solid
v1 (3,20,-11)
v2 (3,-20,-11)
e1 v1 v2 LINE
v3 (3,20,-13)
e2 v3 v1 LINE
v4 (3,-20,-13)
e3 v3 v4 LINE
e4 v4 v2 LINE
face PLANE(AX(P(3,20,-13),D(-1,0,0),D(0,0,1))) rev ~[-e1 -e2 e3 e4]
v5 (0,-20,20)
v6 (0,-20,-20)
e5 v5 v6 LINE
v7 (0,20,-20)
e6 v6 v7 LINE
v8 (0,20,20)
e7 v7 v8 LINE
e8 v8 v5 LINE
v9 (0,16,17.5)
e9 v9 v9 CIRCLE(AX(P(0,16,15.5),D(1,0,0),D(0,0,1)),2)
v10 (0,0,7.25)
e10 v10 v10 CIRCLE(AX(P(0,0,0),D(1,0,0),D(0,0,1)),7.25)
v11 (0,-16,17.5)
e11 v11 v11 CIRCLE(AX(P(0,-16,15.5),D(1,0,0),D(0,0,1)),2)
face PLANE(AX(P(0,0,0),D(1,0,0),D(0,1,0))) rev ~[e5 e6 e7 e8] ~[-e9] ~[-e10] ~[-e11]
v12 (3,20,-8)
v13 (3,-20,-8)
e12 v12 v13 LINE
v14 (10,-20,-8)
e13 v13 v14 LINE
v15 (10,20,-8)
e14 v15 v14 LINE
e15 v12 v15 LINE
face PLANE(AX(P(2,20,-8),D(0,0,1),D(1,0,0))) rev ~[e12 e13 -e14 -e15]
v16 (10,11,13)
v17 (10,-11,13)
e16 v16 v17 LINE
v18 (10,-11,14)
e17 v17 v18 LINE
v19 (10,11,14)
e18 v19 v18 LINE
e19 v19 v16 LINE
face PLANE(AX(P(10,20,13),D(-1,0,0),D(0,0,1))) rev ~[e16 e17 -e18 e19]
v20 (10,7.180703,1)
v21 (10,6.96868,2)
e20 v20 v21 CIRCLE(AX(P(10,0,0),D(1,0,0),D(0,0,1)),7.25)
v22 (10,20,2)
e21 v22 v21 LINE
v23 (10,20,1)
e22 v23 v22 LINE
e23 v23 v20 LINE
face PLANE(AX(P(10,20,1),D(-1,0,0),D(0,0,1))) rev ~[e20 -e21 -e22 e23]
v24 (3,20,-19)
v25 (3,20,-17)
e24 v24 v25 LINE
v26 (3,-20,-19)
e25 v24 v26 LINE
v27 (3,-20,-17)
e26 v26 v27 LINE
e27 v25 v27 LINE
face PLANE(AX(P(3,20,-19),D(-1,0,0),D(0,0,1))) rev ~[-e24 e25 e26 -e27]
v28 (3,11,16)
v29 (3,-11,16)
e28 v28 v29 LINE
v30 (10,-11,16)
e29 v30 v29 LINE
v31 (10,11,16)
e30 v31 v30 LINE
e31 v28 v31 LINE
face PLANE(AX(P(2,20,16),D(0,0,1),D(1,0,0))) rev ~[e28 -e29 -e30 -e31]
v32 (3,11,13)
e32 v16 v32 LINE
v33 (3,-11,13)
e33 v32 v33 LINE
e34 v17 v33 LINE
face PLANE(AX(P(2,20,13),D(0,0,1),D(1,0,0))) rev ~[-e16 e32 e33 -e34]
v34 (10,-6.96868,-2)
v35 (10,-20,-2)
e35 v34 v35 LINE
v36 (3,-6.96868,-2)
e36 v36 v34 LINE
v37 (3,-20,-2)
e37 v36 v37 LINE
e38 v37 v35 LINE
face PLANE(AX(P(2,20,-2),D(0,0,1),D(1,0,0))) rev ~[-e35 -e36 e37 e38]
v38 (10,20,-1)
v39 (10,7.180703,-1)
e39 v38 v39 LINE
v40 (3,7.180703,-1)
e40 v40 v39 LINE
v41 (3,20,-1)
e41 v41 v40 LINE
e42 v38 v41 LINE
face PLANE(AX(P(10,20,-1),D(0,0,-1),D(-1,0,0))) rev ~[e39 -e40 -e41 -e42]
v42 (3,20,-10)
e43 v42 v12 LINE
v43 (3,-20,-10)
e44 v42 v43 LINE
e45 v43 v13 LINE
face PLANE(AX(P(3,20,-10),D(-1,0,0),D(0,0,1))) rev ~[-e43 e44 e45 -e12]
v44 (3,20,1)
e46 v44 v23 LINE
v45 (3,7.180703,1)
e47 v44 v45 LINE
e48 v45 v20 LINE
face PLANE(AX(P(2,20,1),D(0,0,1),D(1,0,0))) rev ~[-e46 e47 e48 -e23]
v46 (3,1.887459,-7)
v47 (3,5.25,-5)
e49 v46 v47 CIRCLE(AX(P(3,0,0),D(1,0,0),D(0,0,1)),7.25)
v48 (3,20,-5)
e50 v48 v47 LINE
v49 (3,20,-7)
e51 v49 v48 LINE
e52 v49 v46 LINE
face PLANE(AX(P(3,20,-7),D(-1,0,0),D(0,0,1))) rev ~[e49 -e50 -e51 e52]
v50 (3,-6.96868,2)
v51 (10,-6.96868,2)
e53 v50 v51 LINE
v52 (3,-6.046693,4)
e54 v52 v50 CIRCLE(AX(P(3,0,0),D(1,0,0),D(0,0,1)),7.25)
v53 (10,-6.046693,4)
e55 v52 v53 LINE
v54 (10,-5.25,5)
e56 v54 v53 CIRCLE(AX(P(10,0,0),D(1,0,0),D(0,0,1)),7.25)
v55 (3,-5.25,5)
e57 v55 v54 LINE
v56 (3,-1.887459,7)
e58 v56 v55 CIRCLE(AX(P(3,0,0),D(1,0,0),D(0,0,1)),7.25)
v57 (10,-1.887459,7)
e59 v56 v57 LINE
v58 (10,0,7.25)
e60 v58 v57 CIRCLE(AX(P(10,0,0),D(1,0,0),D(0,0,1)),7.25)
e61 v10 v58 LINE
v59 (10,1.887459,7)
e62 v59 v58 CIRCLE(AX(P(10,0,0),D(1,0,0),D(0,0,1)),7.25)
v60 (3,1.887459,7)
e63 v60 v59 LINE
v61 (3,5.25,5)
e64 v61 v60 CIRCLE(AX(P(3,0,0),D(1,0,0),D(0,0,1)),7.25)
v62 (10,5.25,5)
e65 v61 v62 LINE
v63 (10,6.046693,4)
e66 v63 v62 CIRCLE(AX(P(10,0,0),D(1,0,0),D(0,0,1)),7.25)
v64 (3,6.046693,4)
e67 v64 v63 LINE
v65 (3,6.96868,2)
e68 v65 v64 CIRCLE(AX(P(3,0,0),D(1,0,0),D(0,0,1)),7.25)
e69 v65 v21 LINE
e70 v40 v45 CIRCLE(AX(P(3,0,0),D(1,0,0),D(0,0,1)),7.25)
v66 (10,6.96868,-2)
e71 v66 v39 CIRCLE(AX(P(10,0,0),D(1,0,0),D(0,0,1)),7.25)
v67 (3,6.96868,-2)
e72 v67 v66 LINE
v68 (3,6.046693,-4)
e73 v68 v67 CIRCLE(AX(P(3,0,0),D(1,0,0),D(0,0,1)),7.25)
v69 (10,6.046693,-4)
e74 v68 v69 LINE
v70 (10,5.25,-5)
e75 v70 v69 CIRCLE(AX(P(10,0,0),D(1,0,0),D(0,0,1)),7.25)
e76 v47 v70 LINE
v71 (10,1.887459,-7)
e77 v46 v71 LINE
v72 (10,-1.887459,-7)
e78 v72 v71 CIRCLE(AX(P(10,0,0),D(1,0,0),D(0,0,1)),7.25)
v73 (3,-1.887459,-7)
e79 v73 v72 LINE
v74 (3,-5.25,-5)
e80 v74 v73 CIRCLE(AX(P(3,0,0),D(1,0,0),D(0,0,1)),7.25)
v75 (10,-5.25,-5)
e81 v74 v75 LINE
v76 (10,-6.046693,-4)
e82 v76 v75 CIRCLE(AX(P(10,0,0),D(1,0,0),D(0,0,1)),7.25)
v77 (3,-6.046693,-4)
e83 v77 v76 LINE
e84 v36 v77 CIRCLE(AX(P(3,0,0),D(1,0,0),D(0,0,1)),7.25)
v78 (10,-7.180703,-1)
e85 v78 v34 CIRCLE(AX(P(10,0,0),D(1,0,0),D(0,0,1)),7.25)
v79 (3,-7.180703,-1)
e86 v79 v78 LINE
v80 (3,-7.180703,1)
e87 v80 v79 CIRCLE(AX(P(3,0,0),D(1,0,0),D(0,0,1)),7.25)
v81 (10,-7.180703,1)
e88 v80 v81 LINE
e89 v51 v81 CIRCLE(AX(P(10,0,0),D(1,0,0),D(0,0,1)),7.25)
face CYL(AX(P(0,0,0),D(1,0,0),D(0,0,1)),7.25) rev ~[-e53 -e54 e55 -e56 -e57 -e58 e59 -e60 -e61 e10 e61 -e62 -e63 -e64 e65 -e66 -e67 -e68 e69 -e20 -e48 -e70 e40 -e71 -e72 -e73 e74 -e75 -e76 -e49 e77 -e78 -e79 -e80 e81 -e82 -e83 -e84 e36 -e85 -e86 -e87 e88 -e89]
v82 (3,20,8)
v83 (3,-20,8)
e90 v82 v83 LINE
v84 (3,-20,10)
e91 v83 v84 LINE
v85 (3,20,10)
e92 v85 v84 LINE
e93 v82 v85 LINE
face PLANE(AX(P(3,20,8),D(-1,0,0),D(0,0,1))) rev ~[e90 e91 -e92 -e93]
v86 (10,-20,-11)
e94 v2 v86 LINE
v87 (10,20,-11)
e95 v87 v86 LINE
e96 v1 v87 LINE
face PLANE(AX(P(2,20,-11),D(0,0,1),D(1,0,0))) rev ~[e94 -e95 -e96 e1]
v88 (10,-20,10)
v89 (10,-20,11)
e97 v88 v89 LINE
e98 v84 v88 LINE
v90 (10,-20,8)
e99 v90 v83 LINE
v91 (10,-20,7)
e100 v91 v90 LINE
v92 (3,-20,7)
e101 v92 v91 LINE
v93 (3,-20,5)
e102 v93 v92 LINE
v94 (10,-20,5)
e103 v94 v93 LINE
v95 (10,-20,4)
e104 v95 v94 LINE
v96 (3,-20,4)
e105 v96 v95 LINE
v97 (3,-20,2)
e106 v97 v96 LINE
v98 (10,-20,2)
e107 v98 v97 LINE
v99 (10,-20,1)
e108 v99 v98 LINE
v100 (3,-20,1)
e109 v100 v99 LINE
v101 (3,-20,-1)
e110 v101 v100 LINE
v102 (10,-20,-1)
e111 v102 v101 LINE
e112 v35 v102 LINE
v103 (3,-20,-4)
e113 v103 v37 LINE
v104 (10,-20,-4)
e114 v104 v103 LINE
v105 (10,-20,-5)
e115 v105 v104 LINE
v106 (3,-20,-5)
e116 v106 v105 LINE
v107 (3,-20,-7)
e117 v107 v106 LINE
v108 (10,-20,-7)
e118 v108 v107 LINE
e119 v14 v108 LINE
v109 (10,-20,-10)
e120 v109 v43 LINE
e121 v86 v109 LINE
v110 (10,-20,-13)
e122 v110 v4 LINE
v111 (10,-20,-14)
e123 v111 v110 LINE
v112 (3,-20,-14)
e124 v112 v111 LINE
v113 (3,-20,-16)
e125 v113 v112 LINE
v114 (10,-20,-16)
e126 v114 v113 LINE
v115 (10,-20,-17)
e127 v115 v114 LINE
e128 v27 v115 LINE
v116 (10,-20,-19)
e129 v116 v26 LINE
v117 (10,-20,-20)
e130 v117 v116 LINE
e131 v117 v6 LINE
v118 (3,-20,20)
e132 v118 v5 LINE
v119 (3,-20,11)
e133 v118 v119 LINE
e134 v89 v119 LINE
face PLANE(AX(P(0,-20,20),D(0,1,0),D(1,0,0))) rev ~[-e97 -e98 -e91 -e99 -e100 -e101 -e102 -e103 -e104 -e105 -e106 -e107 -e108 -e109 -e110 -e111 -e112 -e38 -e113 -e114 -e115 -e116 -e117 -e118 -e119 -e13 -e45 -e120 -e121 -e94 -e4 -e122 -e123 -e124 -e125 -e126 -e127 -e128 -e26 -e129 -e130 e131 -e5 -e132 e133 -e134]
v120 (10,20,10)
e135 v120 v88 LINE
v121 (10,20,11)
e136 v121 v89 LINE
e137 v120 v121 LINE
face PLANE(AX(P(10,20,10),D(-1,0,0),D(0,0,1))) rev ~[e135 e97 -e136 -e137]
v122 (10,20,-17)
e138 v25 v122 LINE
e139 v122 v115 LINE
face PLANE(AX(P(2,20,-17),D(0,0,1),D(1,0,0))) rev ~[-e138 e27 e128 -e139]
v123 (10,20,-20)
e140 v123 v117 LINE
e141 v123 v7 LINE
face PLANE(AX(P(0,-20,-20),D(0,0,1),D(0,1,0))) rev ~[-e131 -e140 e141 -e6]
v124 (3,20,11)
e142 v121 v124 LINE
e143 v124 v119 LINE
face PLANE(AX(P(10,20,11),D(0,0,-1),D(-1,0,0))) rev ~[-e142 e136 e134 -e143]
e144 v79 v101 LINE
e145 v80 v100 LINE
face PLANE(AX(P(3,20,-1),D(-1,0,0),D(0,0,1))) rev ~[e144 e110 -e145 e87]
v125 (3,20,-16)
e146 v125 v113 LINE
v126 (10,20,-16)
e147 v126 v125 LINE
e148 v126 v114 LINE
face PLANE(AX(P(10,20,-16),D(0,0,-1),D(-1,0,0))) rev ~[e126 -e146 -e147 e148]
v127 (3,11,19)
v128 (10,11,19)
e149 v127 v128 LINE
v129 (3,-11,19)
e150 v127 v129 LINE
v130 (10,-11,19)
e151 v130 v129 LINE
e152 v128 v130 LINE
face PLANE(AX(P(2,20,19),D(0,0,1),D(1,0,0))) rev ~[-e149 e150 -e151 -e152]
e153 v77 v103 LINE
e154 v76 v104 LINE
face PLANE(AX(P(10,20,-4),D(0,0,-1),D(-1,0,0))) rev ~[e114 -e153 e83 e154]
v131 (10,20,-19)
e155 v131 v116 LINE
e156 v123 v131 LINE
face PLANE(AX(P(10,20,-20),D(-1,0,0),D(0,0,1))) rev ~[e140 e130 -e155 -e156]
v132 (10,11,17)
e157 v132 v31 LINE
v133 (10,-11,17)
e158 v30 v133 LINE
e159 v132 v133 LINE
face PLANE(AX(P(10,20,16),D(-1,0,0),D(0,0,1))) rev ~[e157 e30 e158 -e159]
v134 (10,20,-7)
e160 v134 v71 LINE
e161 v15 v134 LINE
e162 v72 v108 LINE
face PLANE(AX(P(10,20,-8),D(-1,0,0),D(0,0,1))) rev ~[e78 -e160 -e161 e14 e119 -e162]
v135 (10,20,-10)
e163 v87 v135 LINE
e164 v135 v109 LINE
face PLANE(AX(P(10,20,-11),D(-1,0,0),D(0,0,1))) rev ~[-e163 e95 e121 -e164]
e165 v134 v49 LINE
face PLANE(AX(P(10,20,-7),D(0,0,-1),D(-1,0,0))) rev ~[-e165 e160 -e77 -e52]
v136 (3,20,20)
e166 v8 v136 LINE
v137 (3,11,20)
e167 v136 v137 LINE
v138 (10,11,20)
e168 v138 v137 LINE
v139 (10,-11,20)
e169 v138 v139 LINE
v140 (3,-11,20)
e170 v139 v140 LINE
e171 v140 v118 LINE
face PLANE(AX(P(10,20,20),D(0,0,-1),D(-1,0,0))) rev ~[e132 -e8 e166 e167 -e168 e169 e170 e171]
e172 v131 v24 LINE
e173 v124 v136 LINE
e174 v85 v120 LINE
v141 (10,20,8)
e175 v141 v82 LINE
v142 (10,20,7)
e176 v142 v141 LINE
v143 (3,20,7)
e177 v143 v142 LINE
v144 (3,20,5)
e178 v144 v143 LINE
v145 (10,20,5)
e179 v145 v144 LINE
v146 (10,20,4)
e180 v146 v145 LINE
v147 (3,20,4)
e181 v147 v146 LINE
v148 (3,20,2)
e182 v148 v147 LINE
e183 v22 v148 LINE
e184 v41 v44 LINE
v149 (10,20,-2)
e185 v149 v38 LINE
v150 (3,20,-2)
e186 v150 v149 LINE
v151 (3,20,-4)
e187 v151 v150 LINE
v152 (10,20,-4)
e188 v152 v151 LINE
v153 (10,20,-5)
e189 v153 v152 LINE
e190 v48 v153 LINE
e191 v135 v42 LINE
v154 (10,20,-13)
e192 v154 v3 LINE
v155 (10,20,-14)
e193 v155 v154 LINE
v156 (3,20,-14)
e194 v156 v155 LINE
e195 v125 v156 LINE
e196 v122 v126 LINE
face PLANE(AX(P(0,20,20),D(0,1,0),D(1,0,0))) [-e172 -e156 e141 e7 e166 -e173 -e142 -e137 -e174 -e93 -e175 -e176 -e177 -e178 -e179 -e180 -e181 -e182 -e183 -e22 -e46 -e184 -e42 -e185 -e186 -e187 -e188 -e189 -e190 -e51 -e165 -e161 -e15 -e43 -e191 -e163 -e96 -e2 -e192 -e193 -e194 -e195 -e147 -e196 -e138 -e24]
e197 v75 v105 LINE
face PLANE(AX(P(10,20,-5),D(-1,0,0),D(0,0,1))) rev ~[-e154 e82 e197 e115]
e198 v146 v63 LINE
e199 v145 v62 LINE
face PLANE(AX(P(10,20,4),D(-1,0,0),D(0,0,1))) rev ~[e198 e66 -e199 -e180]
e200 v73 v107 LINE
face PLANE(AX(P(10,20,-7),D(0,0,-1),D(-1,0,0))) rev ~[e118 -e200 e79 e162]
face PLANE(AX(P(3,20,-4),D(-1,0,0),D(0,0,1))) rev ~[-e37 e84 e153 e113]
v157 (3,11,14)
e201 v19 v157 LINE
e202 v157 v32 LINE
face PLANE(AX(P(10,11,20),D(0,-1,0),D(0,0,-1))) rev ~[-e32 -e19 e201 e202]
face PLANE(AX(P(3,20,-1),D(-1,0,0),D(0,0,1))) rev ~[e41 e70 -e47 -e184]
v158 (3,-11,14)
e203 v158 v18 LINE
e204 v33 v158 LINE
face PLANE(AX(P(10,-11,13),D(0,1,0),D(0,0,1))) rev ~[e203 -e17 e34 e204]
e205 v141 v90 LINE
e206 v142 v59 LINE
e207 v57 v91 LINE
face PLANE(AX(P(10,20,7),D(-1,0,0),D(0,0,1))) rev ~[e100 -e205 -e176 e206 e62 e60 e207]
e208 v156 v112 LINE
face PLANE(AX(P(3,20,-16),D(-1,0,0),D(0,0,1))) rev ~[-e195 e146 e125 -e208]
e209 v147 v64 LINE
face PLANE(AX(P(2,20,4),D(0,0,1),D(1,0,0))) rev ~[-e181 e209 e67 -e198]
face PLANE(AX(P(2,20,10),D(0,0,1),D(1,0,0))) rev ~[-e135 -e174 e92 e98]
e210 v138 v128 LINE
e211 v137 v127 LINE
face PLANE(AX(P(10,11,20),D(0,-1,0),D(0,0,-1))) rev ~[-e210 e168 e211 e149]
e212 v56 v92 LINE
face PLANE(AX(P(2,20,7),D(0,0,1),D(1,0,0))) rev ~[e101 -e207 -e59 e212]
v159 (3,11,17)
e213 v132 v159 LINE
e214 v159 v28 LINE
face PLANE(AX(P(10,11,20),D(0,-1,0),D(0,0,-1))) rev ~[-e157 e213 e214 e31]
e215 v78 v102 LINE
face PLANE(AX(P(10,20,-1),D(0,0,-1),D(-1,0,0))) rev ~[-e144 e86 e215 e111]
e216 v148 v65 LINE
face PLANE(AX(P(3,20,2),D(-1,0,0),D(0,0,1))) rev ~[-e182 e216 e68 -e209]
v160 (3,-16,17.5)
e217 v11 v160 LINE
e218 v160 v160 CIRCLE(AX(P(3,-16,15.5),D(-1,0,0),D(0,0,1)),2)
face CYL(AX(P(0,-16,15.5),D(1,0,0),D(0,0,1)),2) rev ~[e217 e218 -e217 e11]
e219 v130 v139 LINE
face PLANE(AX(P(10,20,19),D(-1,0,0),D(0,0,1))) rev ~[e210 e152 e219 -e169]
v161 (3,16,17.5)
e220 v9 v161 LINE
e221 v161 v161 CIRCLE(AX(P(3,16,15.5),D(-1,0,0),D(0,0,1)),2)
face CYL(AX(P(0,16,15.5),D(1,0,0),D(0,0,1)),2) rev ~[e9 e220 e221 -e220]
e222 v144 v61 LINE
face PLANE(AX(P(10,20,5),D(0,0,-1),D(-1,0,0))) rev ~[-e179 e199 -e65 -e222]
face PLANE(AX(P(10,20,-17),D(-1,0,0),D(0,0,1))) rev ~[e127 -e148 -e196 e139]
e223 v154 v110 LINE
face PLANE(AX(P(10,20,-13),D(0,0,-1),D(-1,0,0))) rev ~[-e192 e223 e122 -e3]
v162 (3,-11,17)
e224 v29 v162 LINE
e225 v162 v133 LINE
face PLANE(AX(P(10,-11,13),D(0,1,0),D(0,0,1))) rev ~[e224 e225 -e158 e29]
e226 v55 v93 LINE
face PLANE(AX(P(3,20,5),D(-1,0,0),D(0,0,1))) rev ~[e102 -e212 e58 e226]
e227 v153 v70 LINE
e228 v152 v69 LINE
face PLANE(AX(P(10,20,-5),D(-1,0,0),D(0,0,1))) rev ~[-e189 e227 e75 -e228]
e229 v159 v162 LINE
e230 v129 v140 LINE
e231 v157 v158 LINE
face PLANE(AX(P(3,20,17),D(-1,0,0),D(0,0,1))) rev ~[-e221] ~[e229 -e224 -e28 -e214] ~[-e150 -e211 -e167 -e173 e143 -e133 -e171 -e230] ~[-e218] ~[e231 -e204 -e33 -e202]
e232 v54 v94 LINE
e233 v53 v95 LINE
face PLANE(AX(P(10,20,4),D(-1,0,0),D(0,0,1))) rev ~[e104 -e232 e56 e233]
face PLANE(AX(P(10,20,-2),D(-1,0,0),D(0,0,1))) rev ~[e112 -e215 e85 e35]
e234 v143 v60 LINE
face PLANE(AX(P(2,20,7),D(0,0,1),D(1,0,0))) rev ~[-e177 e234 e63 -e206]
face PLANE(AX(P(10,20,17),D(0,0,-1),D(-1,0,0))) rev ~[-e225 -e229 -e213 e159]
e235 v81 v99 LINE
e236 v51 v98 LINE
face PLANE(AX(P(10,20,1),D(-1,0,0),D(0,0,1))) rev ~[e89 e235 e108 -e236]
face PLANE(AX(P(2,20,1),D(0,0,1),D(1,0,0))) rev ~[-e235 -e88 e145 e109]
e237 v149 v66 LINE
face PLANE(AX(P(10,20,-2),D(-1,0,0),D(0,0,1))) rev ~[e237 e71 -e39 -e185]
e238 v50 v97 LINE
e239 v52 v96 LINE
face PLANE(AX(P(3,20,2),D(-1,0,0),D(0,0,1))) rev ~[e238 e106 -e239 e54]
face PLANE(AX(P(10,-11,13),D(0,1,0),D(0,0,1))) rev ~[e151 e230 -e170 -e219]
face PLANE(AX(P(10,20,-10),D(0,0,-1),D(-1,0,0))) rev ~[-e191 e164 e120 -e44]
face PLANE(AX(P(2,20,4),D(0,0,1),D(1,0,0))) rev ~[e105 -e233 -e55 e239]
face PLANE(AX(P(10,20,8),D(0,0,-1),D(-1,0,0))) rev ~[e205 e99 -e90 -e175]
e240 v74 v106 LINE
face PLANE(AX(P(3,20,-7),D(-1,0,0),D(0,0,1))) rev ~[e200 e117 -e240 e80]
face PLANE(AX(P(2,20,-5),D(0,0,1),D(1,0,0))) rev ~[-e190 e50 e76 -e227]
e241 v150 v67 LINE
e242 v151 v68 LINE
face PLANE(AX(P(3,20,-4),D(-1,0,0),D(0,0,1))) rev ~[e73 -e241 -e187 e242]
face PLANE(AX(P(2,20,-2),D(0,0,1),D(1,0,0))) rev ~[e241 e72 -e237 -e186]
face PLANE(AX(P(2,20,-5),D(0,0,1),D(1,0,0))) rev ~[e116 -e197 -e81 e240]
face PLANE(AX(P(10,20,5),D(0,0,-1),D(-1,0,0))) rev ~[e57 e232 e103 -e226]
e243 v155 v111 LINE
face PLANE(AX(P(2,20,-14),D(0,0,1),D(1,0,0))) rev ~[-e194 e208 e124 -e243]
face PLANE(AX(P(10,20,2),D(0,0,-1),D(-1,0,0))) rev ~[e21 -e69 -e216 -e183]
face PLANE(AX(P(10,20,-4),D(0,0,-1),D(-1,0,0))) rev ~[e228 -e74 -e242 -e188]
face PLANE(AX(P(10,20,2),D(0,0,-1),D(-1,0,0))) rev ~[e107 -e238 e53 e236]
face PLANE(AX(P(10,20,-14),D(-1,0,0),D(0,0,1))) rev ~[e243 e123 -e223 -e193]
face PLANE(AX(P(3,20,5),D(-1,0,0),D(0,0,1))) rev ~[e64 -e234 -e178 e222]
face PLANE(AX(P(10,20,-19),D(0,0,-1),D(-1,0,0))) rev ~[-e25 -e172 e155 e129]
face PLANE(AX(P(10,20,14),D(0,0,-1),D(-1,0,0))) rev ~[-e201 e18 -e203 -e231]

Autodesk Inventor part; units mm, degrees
ref_plane "YZ Plane" through (0, 0, 0) normal (1, 0, 0) x (0, 1, 0)
ref_plane "XZ Plane" through (0, 0, 0) normal (0, 1, 0) x (-1, 0, 0)
ref_plane "XY Plane" through (0, 0, 0) normal (0, 0, 1) x (1, 0, 0)
sketch "Szkic1" plane through (0, 0, 0) normal (1, 0, 0) x (0, 1, 0)
  line L0 (20, 20) -> (-20, 20)
  line L1 (-20, 20) -> (-20, -20)
  line L2 (-20, -20) -> (20, -20)
  line L3 (20, -20) -> (20, 20)
  line L4 (20, 0) -> (0, 0) construction
  line L5 (0, 0) -> (0, -20) construction
  dimension "d0" = 40
  dimension "d1" = 40
extrude "Wyciągnięcie proste1" add sketch "Szkic1" along normal blind 2
sketch "Szkic4" plane through (0, 20, 20) normal (0, 1, 0) x (1, 0, 0)
  line L0 (0, 40) -> (2, 40) projected
  line L1 (2, 40) -> (10, 40)
  line L2 (10, 40) -> (10, 39)
  line L3 (10, 39) -> (3, 39)
  line L4 (3, 39) -> (3, 37)
  line L5 (3, 37) -> (2, 37)
  line L6 (2, 40) -> (2, 37)
  line L7 (2, 0) -> (2, 40) projected
  point P0 (0, 20)
  dimension "d27" = 8
  dimension "d29" = 2
  dimension "d30" = 1
  dimension "d31" = 1
extrude "Wyciągnięcie proste2" add sketch "Szkic4" against normal up to surface (40 mm away)
pattern_linear "Szyk prostokątny1" count 13 spacing 3 along (0, 0, 1) of "Wyciągnięcie proste2"
sketch "Szkic5" plane through (0, 20, 20) normal (0, 1, 0) x (1, 0, 0)
  line L0 (2, 1) -> (2, 0) projected
  line L1 (2, 1) -> (10, 1)
  line L2 (10, 1) -> (10, 0)
  line L3 (10, 0) -> (2, 0)
  line L4 (2, 0) -> (2, 1)
  line L5 (10, 3) -> (10, 4) projected
  line L6 (0, 0) -> (2, 0) projected
  point P0 (0, 20)
  point P1 (1, 0)
extrude "Wyciągnięcie proste3" add sketch "Szkic5" against normal up to surface (40 mm away)
sketch "Szkic6" plane through (0, 0, 0) normal (-1, 0, 0) x (0, 0, 1)
  point P0 (0, 0)
  point P1 (0, 0)
hole "Otwór1" at (0, 0, 0) direction (1, 0, 0) diameter 14.5 end through all
sketch "Szkic7" plane through (0, 0, 0) normal (-1, 0, 0) x (0, 0, 1)
  line L0 (0, 0) -> (-20, 0) construction
  line L1 (-20, -20) -> (-20, 20) projected
  line L2 (20, 20) -> (20, -20) projected
  point P0 (15.5, -16)
  point P1 (15.5, 16)
  dimension "d46" = 32
  dimension "d47" = 4.5
hole "Otwór2" at (0, -16, 15.5) at (0, 16, 15.5) direction (1, 0, 0) diameter 4 end through all
sketch "Szkic8" plane through (10, 20, 20) normal (1, 0, 0) x (0, 0, -1)
  line L0 (0, 0) -> (0, -40) projected
  line L1 (7, 0) -> (0, 0)
  line L2 (0, 0) -> (0, -9)
  line L3 (0, -9) -> (7, -9)
  line L4 (7, -9) -> (7, 0)
  line L5 (7, 0) -> (7, -40) projected
  line L6 (0, -40) -> (7, -40)
  line L7 (7, -40) -> (7, -31)
  line L8 (7, -31) -> (0, -31)
  line L9 (0, -31) -> (0, -40)
  point P0 (20, -20)
  dimension "d56" = 9
  dimension "d57" = 9
extrude "Wyciągnięcie proste4" cut sketch "Szkic8" against normal up to surface (7 mm away) contours L1 L4 L3 L0 | L8 L5 L6 L0
properties part number "36_radiator"
